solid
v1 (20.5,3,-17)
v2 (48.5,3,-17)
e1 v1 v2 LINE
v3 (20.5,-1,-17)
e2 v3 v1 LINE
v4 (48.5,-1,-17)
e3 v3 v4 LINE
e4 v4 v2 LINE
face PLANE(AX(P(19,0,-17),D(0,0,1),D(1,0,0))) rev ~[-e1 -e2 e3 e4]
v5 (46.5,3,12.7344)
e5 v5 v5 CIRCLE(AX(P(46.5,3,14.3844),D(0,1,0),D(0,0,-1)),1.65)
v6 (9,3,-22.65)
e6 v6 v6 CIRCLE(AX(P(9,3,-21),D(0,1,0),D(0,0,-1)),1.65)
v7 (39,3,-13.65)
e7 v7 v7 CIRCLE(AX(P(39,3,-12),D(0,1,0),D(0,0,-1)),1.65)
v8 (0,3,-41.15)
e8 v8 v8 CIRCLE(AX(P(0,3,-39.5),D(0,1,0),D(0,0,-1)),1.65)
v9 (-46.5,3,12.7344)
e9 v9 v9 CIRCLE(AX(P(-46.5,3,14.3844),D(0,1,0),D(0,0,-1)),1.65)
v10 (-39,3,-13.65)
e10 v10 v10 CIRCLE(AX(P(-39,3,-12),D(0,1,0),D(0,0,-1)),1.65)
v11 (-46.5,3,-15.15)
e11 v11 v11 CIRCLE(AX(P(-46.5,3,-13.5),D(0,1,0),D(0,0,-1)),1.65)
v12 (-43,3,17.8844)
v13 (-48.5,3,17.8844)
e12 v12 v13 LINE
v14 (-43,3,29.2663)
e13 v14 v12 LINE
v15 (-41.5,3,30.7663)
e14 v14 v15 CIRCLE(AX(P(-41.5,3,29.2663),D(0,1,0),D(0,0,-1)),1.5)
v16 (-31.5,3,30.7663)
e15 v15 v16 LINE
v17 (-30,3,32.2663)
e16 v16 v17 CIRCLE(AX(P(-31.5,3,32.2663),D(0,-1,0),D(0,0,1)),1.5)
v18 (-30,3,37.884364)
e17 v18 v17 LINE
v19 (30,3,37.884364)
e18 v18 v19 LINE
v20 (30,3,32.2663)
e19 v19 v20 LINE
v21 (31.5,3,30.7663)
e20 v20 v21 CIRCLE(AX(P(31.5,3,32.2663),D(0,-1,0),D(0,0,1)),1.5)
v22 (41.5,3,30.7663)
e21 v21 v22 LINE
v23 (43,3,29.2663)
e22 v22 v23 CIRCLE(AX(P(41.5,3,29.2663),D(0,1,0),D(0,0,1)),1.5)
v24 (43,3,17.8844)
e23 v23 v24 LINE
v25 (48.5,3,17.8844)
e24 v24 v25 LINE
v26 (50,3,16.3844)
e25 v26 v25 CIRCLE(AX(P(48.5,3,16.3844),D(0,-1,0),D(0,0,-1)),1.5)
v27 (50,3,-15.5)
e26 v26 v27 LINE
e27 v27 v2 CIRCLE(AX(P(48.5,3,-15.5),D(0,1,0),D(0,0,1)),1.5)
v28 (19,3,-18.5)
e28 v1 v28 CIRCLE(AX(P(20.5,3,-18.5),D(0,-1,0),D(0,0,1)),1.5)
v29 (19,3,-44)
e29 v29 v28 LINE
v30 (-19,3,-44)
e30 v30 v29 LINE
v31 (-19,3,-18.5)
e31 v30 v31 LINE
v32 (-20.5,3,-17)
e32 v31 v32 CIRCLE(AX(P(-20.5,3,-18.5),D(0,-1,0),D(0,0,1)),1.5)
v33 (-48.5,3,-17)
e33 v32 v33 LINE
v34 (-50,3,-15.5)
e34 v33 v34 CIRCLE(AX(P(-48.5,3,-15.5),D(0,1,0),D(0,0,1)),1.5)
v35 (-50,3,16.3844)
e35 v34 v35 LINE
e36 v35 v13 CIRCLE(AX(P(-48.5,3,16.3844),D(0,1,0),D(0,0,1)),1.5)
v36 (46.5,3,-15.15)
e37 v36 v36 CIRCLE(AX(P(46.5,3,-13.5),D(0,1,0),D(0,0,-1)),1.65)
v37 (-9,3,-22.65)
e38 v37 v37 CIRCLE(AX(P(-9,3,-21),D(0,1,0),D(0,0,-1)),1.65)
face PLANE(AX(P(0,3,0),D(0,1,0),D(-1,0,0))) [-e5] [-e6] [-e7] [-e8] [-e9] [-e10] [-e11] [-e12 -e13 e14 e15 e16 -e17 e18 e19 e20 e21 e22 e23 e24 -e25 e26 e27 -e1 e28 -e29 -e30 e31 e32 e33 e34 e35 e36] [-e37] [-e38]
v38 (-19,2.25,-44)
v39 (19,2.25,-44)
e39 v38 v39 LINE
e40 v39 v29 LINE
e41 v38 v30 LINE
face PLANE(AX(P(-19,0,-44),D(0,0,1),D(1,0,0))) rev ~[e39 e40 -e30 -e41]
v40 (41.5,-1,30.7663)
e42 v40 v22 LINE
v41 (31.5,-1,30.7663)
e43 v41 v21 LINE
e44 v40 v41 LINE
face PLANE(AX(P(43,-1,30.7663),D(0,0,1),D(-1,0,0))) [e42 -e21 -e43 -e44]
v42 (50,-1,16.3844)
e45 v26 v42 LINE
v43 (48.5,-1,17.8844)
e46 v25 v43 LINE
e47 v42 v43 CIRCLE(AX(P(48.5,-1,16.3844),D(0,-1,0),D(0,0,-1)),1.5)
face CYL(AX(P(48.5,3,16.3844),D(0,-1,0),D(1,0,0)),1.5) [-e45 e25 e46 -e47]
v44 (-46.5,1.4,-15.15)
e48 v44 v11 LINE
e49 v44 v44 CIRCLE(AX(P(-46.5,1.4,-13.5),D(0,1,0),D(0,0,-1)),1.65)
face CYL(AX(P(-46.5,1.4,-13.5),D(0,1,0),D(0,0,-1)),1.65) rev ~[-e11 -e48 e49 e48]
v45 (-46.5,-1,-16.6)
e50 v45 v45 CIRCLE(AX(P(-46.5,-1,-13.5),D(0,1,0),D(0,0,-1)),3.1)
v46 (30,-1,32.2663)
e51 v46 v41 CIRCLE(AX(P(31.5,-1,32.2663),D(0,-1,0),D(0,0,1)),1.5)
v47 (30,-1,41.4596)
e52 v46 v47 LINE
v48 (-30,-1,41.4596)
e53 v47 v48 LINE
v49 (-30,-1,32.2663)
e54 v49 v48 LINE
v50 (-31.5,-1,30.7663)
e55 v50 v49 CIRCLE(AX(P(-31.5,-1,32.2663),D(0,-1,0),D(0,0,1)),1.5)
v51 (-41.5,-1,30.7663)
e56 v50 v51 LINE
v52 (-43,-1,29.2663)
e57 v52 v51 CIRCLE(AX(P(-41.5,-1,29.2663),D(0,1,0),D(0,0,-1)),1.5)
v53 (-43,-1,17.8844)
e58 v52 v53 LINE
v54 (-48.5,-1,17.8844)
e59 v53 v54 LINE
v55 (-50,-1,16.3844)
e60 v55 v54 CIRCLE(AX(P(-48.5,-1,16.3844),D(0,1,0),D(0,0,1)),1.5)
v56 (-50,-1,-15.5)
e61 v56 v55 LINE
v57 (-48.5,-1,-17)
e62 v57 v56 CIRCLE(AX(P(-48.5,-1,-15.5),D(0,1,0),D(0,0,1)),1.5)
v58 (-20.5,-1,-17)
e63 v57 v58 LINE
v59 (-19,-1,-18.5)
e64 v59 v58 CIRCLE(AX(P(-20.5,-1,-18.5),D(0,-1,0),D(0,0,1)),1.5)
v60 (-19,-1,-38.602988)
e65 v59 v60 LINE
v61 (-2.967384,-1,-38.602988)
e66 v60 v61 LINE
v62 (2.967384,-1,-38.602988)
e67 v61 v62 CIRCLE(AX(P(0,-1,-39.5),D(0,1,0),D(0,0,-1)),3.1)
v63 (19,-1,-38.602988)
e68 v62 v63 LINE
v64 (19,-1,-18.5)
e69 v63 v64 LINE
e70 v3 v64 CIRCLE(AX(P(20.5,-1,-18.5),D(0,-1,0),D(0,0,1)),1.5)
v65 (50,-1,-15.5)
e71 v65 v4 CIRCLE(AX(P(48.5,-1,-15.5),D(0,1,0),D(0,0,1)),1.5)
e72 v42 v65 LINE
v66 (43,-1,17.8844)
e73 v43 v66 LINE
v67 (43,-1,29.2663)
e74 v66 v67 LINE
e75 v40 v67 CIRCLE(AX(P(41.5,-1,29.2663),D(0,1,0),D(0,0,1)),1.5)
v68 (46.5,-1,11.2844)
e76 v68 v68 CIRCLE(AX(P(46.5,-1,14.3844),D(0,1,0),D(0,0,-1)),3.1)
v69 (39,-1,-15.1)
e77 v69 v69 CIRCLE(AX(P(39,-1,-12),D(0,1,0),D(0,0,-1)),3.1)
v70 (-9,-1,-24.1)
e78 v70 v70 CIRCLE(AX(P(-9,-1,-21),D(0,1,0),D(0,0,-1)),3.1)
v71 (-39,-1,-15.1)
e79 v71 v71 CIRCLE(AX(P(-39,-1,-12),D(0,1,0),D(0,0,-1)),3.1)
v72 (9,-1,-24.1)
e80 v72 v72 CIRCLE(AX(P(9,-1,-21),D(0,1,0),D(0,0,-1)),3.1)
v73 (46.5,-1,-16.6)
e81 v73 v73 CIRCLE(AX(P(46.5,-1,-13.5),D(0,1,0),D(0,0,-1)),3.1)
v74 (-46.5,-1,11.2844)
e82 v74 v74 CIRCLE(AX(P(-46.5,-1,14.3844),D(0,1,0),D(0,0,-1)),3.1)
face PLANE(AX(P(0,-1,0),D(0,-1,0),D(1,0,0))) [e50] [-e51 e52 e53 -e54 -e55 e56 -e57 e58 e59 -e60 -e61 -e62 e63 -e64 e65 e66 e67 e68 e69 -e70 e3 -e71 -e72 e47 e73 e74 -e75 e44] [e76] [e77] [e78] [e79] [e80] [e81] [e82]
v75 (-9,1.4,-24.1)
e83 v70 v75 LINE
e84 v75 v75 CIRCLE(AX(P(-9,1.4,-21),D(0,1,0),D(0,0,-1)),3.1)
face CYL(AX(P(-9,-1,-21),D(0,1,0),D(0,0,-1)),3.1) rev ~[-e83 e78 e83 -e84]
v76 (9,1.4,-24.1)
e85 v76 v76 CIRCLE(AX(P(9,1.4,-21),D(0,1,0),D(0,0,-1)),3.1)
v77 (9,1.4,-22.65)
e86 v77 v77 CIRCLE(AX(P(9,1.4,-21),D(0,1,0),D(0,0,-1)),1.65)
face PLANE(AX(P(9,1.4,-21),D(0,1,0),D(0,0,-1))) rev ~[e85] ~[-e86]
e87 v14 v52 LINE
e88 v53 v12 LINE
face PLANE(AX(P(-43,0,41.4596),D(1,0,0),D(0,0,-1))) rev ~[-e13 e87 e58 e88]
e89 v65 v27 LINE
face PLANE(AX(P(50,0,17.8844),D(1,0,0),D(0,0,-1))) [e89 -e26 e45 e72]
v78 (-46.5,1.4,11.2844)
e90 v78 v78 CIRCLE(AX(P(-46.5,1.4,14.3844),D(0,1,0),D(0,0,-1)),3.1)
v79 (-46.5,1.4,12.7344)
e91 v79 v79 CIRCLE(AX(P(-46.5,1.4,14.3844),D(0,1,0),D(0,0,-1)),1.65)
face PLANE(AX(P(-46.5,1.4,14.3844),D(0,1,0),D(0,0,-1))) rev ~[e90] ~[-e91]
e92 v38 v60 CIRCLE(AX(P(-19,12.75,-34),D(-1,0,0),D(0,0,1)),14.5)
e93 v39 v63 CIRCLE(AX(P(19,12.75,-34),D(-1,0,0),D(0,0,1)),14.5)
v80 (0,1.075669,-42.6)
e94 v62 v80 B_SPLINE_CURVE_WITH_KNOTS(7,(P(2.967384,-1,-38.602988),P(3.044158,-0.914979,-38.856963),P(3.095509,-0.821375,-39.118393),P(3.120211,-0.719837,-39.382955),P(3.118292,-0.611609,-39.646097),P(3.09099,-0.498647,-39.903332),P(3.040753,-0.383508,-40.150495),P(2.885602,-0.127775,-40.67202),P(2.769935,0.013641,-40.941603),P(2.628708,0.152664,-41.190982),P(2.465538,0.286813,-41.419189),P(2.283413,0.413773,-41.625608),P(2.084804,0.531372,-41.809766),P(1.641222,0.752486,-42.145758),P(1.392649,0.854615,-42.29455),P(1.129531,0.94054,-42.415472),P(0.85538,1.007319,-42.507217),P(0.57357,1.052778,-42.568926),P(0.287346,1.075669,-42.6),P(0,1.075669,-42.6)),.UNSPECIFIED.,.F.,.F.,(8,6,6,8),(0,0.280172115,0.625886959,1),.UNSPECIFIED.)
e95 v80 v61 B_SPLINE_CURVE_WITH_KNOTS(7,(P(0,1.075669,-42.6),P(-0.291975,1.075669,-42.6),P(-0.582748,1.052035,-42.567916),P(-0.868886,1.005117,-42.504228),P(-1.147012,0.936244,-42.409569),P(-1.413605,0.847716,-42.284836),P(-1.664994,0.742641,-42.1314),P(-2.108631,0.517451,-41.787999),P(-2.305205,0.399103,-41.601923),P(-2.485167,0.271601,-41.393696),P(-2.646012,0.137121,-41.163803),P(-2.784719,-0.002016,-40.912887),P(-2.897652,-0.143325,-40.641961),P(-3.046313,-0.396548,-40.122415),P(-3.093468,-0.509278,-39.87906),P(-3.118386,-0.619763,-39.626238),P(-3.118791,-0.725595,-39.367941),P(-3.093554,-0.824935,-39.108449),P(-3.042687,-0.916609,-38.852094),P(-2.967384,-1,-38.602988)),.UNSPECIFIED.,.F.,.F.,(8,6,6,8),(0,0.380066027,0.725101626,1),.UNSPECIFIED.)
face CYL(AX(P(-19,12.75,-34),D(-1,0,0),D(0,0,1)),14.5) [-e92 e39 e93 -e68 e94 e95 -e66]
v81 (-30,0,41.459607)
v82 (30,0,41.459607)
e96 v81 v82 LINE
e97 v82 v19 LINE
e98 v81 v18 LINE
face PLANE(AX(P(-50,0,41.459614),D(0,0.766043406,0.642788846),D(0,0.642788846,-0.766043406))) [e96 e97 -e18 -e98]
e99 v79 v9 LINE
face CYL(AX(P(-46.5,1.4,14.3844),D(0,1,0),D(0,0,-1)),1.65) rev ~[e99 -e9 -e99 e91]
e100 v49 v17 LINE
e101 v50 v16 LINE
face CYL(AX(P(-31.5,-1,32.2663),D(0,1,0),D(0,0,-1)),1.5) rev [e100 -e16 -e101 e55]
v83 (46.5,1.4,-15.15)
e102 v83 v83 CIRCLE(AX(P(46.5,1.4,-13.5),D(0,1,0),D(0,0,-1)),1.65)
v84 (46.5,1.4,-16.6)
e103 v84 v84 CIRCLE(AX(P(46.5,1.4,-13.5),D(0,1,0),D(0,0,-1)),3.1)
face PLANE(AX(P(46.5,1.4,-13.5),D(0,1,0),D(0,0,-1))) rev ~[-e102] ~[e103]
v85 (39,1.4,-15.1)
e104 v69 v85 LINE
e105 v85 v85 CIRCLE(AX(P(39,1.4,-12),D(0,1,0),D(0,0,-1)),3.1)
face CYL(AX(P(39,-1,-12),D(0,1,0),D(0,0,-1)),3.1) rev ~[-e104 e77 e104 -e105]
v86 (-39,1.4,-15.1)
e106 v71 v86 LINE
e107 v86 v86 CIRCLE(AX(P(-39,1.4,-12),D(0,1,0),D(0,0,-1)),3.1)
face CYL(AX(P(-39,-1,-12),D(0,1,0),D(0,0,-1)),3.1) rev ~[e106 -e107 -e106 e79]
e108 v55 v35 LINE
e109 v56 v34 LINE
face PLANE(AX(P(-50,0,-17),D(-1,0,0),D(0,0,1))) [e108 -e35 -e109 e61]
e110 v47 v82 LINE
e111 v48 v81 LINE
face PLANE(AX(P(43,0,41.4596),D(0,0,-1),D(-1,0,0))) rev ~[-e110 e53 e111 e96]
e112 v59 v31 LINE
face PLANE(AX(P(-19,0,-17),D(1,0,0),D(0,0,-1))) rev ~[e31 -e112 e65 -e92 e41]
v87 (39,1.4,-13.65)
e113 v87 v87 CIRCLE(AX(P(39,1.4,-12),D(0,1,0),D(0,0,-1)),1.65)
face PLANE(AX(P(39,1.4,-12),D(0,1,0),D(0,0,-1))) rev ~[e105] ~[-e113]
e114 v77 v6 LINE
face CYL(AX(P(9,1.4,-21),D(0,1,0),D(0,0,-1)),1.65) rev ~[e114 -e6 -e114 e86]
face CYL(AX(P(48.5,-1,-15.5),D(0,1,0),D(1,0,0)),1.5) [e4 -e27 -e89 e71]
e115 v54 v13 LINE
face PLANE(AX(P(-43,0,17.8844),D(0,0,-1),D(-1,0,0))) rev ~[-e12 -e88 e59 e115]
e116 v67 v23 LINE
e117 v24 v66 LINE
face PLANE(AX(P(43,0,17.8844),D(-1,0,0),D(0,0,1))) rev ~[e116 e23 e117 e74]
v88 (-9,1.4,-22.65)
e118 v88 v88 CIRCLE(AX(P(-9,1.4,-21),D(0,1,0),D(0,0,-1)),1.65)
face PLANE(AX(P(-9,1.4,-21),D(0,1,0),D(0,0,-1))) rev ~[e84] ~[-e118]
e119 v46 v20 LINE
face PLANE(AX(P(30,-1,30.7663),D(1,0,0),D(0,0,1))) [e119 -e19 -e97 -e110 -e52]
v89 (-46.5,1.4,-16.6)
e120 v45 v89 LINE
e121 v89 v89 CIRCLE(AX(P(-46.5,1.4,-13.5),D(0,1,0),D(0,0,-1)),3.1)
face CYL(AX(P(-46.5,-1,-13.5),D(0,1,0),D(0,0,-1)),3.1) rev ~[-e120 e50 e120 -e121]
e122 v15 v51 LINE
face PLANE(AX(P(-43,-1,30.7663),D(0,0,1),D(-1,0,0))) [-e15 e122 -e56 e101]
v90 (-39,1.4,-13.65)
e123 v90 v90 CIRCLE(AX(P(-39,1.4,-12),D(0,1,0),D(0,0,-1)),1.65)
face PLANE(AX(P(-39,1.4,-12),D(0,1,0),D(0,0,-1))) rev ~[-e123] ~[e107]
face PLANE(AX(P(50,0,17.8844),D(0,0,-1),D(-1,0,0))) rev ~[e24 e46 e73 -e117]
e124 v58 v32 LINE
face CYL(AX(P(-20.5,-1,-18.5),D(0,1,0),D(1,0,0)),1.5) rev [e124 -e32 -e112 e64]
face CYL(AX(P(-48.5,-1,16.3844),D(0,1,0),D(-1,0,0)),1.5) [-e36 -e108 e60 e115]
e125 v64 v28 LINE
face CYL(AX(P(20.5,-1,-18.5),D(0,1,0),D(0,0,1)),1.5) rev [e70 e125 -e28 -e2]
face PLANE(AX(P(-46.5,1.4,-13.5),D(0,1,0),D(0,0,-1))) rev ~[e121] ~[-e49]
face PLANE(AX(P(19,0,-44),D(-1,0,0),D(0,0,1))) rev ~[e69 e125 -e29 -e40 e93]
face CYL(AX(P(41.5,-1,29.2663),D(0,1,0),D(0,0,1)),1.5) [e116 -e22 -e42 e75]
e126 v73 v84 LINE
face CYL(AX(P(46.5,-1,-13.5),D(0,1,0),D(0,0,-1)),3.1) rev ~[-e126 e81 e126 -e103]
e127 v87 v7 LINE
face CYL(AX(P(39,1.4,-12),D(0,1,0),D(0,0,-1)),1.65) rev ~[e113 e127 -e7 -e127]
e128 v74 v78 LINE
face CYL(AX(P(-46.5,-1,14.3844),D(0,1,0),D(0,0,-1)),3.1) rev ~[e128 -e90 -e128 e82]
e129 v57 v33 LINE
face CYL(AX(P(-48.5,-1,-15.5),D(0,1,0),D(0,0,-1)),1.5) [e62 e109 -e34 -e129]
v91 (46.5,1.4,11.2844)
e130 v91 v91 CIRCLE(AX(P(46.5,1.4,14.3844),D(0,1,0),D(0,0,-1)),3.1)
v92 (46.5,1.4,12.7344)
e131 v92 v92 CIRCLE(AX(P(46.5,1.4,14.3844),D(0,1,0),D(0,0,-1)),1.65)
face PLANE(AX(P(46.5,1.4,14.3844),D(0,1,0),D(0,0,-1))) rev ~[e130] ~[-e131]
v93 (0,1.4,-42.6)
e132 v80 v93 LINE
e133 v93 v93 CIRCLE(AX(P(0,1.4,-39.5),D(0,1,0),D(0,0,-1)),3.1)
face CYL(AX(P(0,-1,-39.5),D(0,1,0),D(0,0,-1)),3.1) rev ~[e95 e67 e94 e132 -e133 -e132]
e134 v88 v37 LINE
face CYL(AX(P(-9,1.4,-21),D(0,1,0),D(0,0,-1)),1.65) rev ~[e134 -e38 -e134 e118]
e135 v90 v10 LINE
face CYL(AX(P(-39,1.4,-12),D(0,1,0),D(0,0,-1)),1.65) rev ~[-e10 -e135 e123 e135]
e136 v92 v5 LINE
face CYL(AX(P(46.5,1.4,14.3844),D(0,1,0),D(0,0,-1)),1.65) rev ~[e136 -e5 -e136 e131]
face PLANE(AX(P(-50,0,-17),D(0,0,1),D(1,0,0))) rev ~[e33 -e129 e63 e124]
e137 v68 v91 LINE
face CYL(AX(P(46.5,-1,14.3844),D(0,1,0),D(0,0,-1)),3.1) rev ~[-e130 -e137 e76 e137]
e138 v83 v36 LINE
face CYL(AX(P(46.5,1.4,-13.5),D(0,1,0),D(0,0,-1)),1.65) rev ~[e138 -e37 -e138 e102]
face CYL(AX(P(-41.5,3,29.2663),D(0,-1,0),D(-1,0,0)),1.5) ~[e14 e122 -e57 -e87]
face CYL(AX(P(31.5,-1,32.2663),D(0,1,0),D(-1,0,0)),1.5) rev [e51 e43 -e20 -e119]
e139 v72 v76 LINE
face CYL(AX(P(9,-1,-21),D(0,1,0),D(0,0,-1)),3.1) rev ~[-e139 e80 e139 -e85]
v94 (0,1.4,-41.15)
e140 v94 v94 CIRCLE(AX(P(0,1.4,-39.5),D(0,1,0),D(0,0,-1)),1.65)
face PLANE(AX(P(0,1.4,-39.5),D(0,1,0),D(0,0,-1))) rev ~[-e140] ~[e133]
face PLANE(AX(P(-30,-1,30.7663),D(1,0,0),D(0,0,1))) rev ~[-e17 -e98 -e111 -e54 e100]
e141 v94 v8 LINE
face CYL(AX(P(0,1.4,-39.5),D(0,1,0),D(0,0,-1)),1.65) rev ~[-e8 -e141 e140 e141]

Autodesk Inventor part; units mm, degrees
ref_plane "YZ Plane" through (0, 0, 0) normal (1, 0, 0) x (0, 1, 0)
ref_plane "XZ Plane" through (0, 0, 0) normal (0, 1, 0) x (-1, 0, 0)
ref_plane "XY Plane" through (0, 0, 0) normal (0, 0, 1) x (1, 0, 0)
sketch "Szkic1" plane through (0, 0, 0) normal (0, 1, 0) x (-1, 0, 0)
  line L0 (50, 50) -> (-50, 50)
  line L1 (-50, 50) -> (-50, -50)
  line L2 (-50, -50) -> (50, -50)
  line L3 (50, -50) -> (50, 50)
  line L4 (50, 50) -> (-50, -50) construction
  line L5 (-50, 50) -> (50, -50) construction
  point P0 (0, 0)
  dimension "d0" = 100
  dimension "d1" = 100
extrude "Wyciągnięcie proste1" add sketch "Szkic1" along normal blind 3
sketch "Szkic2" plane through (0, 3, 0) normal (0, 1, 0) x (1, 0, 0)
  line L0 (50, -50) -> (50, 50) projected
  line L1 (50, 50) -> (-50, 50) projected
  line L2 (-50, 50) -> (-50, -50) projected
  line L3 (-50, -50) -> (50, -50) projected
  line L4 (-50, 50) -> (-19, 50)
  line L5 (-19, 50) -> (-19, 17)
  line L6 (-19, 17) -> (-50, 17)
  line L7 (-50, 17) -> (-50, 50)
  line L8 (50, 50) -> (19, 50)
  line L9 (19, 50) -> (19, 17)
  line L10 (19, 17) -> (50, 17)
  line L11 (50, 17) -> (50, 50)
  point P0 (0, 0)
  dimension "d4" = 31
  dimension "d5" = 33
  dimension "d6" = 31
extrude "Wyciągnięcie proste2" cut sketch "Szkic2" against normal through all contours L10 L9 L1 L0 | L2 L1 L5 L6
sketch "Szkic3" plane through (0, 3, 0) normal (0, 1, 0) x (1, 0, 0)
  line L0 (19, 17) -> (19, 50) projected
  line L1 (19, 50) -> (-19, 50) projected
  line L2 (-19, 50) -> (-19, 17) projected
  line L3 (-19, 17) -> (-50, 17) projected
  line L4 (-50, 17) -> (-50, -50) projected
  line L5 (-50, -50) -> (50, -50) projected
  line L6 (50, -50) -> (50, 17) projected
  line L7 (50, 17) -> (19, 17) projected
  line L8 (19, 50) -> (-19, 50)
  line L9 (-19, 50) -> (-19, 44)
  line L10 (-19, 44) -> (19, 44)
  line L11 (19, 44) -> (19, 50)
  point P0 (0, 0)
  dimension "d9" = 6
extrude "Wyciągnięcie proste3" cut sketch "Szkic3" against normal through all contours L10 L2 L1 L0
sketch "Szkic5" plane through (-50, 0, 50) normal (-1, 0, 0) x (0, 0, 1)
  line L0 (0, 0) -> (0, 3) projected
  line L1 (-67, 3) -> (-67, 0) projected
  line L2 (-67, 0) -> (0, 0) projected
  line L3 (0, 0) -> (0, 3) projected
  line L4 (-67, 3) -> (0, 3) projected
  line L5 (-4.6672, -3.25) -> (-21.0795, 10.5216) projected
  point P0 (-50, 0)
  point P1 (-12.1156, 3)
  point P2 (-8.5404, 0)
extrude "Wyciągnięcie proste5" cut sketch "Szkic5" against normal through all contours L2 L5 L4 L0
sketch "Szkic6" plane through (0, 0, 0) normal (0, -1, 0) x (1, 0, 0)
  line L0 (-50, 17.8844) -> (-43, 17.8844) projected
  line L1 (-50, 17.8844) -> (-43, 17.8844)
  line L2 (-43, 17.8844) -> (-43, 43.0531)
  line L3 (-43, 43.0531) -> (-50, 43.0531)
  line L4 (-50, 43.0531) -> (-50, 17.8844)
  point P0 (0, 0)
extrude "Wyciągnięcie proste6" cut sketch "Szkic6" against normal through all
ref_plane "Płaszczyzna konstrukcyjna1" through (0, 0, -17) normal (-1, 0, 0) x (0, 0, 1)
mirror "Odbij1" about plane through (0, 0, -17) normal (-1, 0, 0) of "Wyciągnięcie proste6"
sketch "Szkic8" plane through (0, 0, 0) normal (0, -1, 0) x (1, 0, 0)
  line L0 (50, 17.8844) -> (43, 17.8844) projected
  line L1 (43, 17.8844) -> (43, 41.4596) projected
  line L2 (43, 41.4596) -> (-43, 41.4596) projected
  line L3 (-43, 41.4596) -> (-43, 17.8844) projected
  line L4 (-43, 17.8844) -> (-50, 17.8844) projected
  line L5 (-50, -17) -> (-50, 17.8844) projected
  line L6 (-50, -17) -> (-19, -17) projected
  line L7 (-19, -17) -> (-19, -44) projected
  line L8 (-19, -44) -> (19, -44) projected
  line L9 (19, -44) -> (19, -17) projected
  line L10 (19, -17) -> (50, -17) projected
  line L11 (50, 17.8844) -> (50, -17) projected
  point P0 (0, 0)
extrude "Wyciągnięcie proste7" add sketch "Szkic8" along normal blind 1
sketch "Szkic9" plane through (-19, 3, -44) normal (-1, 0, 0) x (0, 0, 1)
  circle A0 centre (10, 9.75) radius 16 projected
  circle A1 centre (10, 9.75) radius 14.5
  line L0 (0, 0) -> (0, -4) projected
  line L1 (27, -4) -> (0, -4) projected
  line L2 (27, 0) -> (27, -4) projected
  line L3 (0, 0) -> (27, 0) projected
  point P0 (44, -3)
  point P1 (5.397, -4)
  point P2 (0, -0.75)
  dimension "d21" = 1.5
extrude "Wyciągnięcie proste8" cut sketch "Szkic9" against normal through all contours L0 A1 L1 A0 | A0 L1 L0
sketch "Szkic10" plane through (0, -1, 0) normal (0, -1, 0) x (1, 0, 0)
  point P0 (0, 0)
sketch "Szkic11" plane through (0, -1, 0) normal (0, -1, 0) x (1, 0, 0)
  circle A0 centre (0, -39.5) radius 1.7 projected
  circle A1 centre (-9, -21) radius 1.7 projected
  circle A2 centre (9, -21) radius 1.7 projected
  arc A3 (46.5, -10) -> (43, -13.5) centre (46.5, -13.5) ccw projected
  arc A4 (43, 14.3844) -> (47, 10.9203) centre (46.5, 14.3844) ccw projected
  arc A5 (-43, -13.5) -> (-46.5, -10) centre (-46.5, -13.5) ccw projected
  arc A6 (-47, 10.9203) -> (-43, 14.3844) centre (-46.5, 14.3844) ccw projected
  circle A7 centre (-39, -12) radius 1.55 projected
  circle A8 centre (39, -12) radius 1.55 projected
  point P0 (0, 0)
hole "Otwór1" at (-39, -1, -12) at (-46.5, -1, -13.5) at (-46.5, -1, 14.3844) at (-9, -1, -21) at (0, -1, -39.5) at (9, -1, -21) at (39, -1, -12) at (46.5, -1, -13.5) at (46.5, -1, 14.3844) direction (0, 1, 0) diameter 3.3 end through all counterbore diameter 6.2 counterbore depth 2.4
sketch "Szkic12" plane through (0, -1, 0) normal (0, -1, 0) x (1, 0, 0)
  arc A0 (2.9674, -38.603) -> (-2.9674, -38.603) centre (0, -39.5) ccw projected
  line L0 (2.9674, -38.603) -> (19, -38.603) projected
  line L1 (19, -38.603) -> (19, -17) projected
  line L2 (19, -17) -> (50, -17) projected
  line L3 (50, -17) -> (50, 17.8844) projected
  line L4 (50, 17.8844) -> (43, 17.8844) projected
  line L5 (43, 17.8844) -> (43, 41.4596) projected
  line L6 (43, 41.4596) -> (-43, 41.4596) projected
  line L7 (-43, 41.4596) -> (-43, 17.8844) projected
  line L8 (-43, 17.8844) -> (-50, 17.8844) projected
  line L9 (-50, 17.8844) -> (-50, -17) projected
  line L10 (-50, -17) -> (-19, -17) projected
  line L11 (-19, -17) -> (-19, -38.603) projected
  line L12 (-19, -38.603) -> (-2.9674, -38.603) projected
  circle A1 centre (46.5, 14.3844) radius 3.1 projected
  circle A2 centre (39, -12) radius 3.1 projected
  circle A3 centre (-46.5, 14.3844) radius 3.1 projected
  circle A4 centre (-39, -12) radius 3.1 projected
  circle A5 centre (-46.5, -13.5) radius 3.1 projected
  circle A6 centre (-9, -21) radius 3.1 projected
  circle A7 centre (9, -21) radius 3.1 projected
  circle A8 centre (46.5, -13.5) radius 3.1 projected
  line L13 (-50, 30.7663) -> (-50, 40.7446) projected
  line L14 (-43, 30.7663) -> (-50, 30.7663) projected
  line L15 (-43, 40.7446) -> (-43, 30.7663) projected
  line L16 (-43, 40.7446) -> (-50, 40.7446) projected
  line L17 (-50, 30.7663) -> (-30, 30.7663)
  line L18 (-30, 30.7663) -> (-30, 41.4596)
  line L19 (-30, 41.4596) -> (-50, 41.4596)
  line L20 (-50, 41.4596) -> (-50, 30.7663)
  line L21 (50, 30.7663) -> (50, 40.7446) projected
  line L22 (43, 40.7446) -> (50, 40.7446) projected
  line L23 (43, 40.7446) -> (43, 30.7663) projected
  line L24 (43, 30.7663) -> (50, 30.7663) projected
  line L25 (50, 30.7663) -> (30, 30.7663)
  line L26 (30, 30.7663) -> (30, 41.4596)
  line L27 (30, 41.4596) -> (50, 41.4596)
  line L28 (50, 41.4596) -> (50, 30.7663)
  circle A9 centre (46.1444, 33.7663) radius 1.1 projected
  circle A10 centre (-46.1444, 33.7663) radius 1.1 projected
  point P0 (0, 0)
  dimension "d31" = 20
  dimension "d32" = 20
extrude "Wyciągnięcie proste9" cut sketch "Szkic12" against normal through all contours L25 L26 L6 L5 | L5 L22 L21 L24 | L14 L13 L16 L7 | L7 L6 L18 L17 | L5 L27 L28 L22 | L16 L20 L19 L7 | A9 | A10
fillet "Zaokrąglenie2" radius 1.5 10 edges at (-50, 1, 17.8844) (-50, 1, -17) (-19, 1, -17) (19, 1, -17) (50, 1, -17) (50, 1, 17.8844) (43, 1, 30.7663) (30, 1, 30.7663) (-43, 1, 30.7663) (-30, 1, 30.7663)
properties part number "podstawa_kopia" material "Stal, odlew"
